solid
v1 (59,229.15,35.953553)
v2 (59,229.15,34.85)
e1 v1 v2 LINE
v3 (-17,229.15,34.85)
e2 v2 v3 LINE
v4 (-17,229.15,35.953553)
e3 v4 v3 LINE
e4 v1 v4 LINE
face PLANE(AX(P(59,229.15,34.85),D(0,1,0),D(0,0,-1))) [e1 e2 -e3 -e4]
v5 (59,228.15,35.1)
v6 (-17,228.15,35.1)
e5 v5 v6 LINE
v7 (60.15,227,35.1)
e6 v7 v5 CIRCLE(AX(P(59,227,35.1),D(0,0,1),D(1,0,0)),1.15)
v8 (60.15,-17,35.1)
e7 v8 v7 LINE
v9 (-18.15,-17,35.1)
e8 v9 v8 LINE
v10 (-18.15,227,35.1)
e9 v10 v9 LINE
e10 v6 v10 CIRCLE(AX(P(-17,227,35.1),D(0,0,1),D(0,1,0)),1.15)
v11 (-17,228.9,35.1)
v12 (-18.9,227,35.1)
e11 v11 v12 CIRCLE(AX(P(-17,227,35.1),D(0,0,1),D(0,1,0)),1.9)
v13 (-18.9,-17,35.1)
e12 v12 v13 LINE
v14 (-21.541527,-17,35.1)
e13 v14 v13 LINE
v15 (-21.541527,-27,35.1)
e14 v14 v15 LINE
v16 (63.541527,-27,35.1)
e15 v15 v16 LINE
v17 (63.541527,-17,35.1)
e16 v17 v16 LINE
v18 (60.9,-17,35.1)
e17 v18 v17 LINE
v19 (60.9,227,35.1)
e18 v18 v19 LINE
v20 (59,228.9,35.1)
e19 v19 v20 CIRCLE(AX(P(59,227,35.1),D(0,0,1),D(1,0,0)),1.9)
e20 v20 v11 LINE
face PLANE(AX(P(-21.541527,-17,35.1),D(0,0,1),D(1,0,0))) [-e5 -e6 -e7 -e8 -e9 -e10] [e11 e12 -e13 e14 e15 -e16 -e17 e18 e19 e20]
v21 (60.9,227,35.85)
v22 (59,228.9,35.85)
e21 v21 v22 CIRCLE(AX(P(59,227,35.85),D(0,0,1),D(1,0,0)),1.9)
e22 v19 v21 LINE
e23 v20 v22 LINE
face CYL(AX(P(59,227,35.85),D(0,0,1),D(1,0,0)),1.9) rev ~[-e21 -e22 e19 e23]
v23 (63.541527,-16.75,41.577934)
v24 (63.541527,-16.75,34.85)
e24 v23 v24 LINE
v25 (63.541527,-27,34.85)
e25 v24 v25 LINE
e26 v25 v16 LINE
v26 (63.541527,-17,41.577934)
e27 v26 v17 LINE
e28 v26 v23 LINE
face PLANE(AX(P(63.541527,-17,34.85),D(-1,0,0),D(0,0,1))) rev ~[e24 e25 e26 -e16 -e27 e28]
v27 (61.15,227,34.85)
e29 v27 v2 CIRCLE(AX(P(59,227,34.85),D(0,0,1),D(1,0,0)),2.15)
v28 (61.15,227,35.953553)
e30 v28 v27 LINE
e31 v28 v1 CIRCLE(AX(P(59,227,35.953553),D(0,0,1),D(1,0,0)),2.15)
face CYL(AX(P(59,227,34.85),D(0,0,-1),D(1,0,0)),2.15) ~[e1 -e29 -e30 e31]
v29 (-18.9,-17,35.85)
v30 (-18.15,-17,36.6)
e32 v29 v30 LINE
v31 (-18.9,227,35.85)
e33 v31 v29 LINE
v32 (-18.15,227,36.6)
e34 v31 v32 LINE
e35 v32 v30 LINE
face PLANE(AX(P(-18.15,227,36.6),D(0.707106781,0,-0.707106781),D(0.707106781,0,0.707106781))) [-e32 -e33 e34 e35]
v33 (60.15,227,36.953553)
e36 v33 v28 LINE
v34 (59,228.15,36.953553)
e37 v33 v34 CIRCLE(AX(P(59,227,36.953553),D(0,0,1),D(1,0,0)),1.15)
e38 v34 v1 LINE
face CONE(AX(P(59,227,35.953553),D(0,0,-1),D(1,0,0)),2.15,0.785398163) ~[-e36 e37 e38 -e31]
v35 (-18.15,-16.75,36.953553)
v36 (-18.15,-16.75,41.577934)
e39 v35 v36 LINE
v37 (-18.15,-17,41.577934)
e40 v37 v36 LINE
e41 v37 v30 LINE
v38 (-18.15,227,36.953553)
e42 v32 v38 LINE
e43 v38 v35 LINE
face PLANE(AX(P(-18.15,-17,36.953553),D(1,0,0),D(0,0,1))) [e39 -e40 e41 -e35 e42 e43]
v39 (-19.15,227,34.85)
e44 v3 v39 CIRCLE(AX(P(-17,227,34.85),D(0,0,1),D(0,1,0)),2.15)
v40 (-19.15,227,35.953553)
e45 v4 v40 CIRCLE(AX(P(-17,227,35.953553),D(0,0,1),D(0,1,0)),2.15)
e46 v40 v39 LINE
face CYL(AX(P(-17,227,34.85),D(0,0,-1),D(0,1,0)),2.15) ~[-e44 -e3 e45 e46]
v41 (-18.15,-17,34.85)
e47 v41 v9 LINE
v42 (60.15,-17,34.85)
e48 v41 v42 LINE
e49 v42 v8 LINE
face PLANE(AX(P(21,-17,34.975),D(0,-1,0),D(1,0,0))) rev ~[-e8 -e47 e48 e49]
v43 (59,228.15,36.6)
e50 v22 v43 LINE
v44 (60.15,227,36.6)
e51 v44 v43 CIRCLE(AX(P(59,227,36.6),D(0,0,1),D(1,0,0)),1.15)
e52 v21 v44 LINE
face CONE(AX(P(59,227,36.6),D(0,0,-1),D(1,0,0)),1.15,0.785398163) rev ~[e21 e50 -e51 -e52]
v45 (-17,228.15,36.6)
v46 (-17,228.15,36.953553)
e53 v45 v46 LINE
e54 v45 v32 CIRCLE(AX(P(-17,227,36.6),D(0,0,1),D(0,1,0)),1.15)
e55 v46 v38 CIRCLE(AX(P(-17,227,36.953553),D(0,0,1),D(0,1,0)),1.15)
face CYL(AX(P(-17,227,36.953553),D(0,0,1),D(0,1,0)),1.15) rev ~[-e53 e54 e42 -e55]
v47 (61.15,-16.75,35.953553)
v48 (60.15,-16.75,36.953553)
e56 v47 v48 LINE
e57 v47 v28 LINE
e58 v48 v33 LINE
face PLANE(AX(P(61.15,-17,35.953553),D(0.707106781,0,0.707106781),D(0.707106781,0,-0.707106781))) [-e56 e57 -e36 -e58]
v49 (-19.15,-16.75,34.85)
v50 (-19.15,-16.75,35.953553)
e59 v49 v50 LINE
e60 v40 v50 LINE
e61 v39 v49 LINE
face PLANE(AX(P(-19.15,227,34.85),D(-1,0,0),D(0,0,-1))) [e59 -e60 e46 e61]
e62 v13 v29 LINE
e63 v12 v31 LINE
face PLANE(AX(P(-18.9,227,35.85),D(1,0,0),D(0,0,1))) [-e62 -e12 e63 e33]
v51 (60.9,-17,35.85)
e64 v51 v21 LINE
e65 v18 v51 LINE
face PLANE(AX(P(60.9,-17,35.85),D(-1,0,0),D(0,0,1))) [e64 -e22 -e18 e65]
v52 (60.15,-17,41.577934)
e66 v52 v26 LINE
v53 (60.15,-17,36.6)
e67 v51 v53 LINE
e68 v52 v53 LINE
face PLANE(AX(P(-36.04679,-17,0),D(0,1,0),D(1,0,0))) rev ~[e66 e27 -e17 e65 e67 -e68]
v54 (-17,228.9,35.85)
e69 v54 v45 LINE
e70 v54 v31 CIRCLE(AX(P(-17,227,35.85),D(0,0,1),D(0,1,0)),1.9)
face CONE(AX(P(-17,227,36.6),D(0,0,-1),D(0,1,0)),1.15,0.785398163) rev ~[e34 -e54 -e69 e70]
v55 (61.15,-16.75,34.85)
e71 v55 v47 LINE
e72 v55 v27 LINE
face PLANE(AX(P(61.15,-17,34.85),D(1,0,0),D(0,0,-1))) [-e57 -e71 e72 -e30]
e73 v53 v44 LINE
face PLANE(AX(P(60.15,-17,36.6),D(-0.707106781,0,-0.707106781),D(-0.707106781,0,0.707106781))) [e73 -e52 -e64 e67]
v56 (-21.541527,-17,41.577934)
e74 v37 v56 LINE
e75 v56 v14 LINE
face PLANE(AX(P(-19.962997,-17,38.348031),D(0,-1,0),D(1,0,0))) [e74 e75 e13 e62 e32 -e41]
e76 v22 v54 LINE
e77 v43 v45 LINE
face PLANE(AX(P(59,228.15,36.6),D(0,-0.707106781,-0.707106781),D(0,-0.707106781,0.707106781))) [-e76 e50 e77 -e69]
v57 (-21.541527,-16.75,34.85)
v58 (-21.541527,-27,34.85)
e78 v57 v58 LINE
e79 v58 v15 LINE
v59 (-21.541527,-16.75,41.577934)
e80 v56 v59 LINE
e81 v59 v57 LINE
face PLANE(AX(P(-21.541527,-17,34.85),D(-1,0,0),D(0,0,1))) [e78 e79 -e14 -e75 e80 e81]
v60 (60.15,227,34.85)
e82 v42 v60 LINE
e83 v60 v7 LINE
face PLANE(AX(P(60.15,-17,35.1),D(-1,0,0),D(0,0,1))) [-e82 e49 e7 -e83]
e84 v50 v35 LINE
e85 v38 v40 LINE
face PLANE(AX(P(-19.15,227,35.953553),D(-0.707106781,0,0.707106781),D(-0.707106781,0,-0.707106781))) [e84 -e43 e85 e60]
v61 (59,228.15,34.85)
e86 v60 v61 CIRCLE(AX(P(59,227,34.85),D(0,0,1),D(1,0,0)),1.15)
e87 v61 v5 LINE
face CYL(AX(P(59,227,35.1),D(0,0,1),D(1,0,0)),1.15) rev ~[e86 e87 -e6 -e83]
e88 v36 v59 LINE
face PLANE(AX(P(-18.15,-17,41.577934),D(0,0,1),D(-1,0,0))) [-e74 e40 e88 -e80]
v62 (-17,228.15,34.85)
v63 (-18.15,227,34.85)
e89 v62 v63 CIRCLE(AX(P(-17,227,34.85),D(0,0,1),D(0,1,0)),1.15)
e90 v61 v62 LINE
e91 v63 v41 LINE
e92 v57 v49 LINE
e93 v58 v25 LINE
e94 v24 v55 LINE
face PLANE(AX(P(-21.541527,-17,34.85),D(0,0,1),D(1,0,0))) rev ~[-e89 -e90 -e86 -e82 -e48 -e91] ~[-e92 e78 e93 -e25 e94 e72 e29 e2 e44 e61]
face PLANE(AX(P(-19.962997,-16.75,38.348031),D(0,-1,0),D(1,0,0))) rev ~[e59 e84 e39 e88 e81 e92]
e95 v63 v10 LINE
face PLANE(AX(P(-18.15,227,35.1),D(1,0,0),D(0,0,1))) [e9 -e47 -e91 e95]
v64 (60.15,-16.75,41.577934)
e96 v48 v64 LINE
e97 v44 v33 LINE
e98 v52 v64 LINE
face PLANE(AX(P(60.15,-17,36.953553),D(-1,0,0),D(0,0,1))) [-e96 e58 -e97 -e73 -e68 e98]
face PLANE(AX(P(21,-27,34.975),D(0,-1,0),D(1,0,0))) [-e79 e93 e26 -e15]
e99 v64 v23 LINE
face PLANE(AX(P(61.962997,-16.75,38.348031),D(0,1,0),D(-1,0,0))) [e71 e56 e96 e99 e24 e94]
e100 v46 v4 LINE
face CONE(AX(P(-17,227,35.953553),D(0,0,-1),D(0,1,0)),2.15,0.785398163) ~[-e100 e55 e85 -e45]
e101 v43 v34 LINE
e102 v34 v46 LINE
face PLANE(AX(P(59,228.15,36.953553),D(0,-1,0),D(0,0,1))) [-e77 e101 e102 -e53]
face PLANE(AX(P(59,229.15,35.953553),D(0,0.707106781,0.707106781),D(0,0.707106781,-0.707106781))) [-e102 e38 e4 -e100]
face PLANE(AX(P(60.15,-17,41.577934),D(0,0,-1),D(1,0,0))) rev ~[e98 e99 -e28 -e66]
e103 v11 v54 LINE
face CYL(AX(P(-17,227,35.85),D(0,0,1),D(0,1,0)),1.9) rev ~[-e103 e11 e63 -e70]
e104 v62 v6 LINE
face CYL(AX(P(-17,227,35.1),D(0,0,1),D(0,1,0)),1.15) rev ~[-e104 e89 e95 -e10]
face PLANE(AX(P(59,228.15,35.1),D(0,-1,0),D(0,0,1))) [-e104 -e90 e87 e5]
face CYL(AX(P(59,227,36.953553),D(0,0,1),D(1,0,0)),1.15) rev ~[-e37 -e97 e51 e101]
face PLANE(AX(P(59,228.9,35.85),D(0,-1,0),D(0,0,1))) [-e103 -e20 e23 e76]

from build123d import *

# Parameters (mm, degrees)
PAD008_DEPTH    = 0.25
SKETCH021_W     = 101.318497
SKETCH021_H     = 15.372729
POCKET001_DEPTH = 41.578934
SKETCH020_W     = 85.083054
SKETCH020_H     = 0.25
PAD009_DEPTH    = 10


with BuildPart() as part:
    # AdditivePipe005: sweep along a path in Sketch016
    with BuildLine(Plane.XY) as additivepipe005_path:
        Line((-18.15, 227), (-18.15, -17))
        ThreePointArc((-18.15, -17), (-17.8131727984, -17.8131727984), (-17, -18.15))
        Line((-17, -18.15), (59, -18.15))
        ThreePointArc((59, -18.15), (59.8131727984, -17.8131727984), (60.15, -17))
        Line((60.15, -17), (60.15, 227))
        ThreePointArc((60.15, 227), (59.8131727984, 227.8131727984), (59, 228.15))
        Line((59, 228.15), (-17, 228.15))
        ThreePointArc((-17, 228.15), (-17.8131727984, 227.8131727984), (-18.15, 227))
    # Sketch015 → AdditivePipe005 (sweep)
    with BuildSketch(Plane.XZ):
        Polygon((-18.15, 36.6), (-18.9, 35.85), (-18.9, 35.1), (-18.15, 35.1), (-18.15, 34.85), (-19.15, 34.85), (-19.15, 35.9535533906), (-18.15, 36.9535533906), align=None)
    sweep(path=additivepipe005_path.line)

    # Sketch019 → Pad008 (new body)
    with BuildSketch(Plane.XZ.offset(17)):
        Polygon((-18.15, 36.9535533906), (-18.15, 41.577934), (-21.541527, 41.577934), (-21.541527, 34.85), (-19.15, 34.85), (-19.15, 35.9535533906), align=None)
        Polygon((60.15, 36.9535533906), (60.15, 41.577934), (63.541527, 41.577934), (63.541527, 34.85), (61.15, 34.85), (61.15, 35.9535533906), align=None)
    extrude(amount=-PAD008_DEPTH)

    # Sketch021 → Pocket001 (cut, through all)
    with BuildSketch(Plane.XY):
        with Locations((14.6124585, -24.6863645)):
            Rectangle(SKETCH021_W, SKETCH021_H)
    extrude(amount=POCKET001_DEPTH, mode=Mode.SUBTRACT)

    # Sketch020 (on Face13 of Pad008) → Pad009 (join)
    with BuildSketch(Plane.XZ.offset(17)):
        with Locations((21, 34.975)):
            Rectangle(SKETCH020_W, SKETCH020_H)
    extrude(amount=PAD009_DEPTH)


solid = part.part
